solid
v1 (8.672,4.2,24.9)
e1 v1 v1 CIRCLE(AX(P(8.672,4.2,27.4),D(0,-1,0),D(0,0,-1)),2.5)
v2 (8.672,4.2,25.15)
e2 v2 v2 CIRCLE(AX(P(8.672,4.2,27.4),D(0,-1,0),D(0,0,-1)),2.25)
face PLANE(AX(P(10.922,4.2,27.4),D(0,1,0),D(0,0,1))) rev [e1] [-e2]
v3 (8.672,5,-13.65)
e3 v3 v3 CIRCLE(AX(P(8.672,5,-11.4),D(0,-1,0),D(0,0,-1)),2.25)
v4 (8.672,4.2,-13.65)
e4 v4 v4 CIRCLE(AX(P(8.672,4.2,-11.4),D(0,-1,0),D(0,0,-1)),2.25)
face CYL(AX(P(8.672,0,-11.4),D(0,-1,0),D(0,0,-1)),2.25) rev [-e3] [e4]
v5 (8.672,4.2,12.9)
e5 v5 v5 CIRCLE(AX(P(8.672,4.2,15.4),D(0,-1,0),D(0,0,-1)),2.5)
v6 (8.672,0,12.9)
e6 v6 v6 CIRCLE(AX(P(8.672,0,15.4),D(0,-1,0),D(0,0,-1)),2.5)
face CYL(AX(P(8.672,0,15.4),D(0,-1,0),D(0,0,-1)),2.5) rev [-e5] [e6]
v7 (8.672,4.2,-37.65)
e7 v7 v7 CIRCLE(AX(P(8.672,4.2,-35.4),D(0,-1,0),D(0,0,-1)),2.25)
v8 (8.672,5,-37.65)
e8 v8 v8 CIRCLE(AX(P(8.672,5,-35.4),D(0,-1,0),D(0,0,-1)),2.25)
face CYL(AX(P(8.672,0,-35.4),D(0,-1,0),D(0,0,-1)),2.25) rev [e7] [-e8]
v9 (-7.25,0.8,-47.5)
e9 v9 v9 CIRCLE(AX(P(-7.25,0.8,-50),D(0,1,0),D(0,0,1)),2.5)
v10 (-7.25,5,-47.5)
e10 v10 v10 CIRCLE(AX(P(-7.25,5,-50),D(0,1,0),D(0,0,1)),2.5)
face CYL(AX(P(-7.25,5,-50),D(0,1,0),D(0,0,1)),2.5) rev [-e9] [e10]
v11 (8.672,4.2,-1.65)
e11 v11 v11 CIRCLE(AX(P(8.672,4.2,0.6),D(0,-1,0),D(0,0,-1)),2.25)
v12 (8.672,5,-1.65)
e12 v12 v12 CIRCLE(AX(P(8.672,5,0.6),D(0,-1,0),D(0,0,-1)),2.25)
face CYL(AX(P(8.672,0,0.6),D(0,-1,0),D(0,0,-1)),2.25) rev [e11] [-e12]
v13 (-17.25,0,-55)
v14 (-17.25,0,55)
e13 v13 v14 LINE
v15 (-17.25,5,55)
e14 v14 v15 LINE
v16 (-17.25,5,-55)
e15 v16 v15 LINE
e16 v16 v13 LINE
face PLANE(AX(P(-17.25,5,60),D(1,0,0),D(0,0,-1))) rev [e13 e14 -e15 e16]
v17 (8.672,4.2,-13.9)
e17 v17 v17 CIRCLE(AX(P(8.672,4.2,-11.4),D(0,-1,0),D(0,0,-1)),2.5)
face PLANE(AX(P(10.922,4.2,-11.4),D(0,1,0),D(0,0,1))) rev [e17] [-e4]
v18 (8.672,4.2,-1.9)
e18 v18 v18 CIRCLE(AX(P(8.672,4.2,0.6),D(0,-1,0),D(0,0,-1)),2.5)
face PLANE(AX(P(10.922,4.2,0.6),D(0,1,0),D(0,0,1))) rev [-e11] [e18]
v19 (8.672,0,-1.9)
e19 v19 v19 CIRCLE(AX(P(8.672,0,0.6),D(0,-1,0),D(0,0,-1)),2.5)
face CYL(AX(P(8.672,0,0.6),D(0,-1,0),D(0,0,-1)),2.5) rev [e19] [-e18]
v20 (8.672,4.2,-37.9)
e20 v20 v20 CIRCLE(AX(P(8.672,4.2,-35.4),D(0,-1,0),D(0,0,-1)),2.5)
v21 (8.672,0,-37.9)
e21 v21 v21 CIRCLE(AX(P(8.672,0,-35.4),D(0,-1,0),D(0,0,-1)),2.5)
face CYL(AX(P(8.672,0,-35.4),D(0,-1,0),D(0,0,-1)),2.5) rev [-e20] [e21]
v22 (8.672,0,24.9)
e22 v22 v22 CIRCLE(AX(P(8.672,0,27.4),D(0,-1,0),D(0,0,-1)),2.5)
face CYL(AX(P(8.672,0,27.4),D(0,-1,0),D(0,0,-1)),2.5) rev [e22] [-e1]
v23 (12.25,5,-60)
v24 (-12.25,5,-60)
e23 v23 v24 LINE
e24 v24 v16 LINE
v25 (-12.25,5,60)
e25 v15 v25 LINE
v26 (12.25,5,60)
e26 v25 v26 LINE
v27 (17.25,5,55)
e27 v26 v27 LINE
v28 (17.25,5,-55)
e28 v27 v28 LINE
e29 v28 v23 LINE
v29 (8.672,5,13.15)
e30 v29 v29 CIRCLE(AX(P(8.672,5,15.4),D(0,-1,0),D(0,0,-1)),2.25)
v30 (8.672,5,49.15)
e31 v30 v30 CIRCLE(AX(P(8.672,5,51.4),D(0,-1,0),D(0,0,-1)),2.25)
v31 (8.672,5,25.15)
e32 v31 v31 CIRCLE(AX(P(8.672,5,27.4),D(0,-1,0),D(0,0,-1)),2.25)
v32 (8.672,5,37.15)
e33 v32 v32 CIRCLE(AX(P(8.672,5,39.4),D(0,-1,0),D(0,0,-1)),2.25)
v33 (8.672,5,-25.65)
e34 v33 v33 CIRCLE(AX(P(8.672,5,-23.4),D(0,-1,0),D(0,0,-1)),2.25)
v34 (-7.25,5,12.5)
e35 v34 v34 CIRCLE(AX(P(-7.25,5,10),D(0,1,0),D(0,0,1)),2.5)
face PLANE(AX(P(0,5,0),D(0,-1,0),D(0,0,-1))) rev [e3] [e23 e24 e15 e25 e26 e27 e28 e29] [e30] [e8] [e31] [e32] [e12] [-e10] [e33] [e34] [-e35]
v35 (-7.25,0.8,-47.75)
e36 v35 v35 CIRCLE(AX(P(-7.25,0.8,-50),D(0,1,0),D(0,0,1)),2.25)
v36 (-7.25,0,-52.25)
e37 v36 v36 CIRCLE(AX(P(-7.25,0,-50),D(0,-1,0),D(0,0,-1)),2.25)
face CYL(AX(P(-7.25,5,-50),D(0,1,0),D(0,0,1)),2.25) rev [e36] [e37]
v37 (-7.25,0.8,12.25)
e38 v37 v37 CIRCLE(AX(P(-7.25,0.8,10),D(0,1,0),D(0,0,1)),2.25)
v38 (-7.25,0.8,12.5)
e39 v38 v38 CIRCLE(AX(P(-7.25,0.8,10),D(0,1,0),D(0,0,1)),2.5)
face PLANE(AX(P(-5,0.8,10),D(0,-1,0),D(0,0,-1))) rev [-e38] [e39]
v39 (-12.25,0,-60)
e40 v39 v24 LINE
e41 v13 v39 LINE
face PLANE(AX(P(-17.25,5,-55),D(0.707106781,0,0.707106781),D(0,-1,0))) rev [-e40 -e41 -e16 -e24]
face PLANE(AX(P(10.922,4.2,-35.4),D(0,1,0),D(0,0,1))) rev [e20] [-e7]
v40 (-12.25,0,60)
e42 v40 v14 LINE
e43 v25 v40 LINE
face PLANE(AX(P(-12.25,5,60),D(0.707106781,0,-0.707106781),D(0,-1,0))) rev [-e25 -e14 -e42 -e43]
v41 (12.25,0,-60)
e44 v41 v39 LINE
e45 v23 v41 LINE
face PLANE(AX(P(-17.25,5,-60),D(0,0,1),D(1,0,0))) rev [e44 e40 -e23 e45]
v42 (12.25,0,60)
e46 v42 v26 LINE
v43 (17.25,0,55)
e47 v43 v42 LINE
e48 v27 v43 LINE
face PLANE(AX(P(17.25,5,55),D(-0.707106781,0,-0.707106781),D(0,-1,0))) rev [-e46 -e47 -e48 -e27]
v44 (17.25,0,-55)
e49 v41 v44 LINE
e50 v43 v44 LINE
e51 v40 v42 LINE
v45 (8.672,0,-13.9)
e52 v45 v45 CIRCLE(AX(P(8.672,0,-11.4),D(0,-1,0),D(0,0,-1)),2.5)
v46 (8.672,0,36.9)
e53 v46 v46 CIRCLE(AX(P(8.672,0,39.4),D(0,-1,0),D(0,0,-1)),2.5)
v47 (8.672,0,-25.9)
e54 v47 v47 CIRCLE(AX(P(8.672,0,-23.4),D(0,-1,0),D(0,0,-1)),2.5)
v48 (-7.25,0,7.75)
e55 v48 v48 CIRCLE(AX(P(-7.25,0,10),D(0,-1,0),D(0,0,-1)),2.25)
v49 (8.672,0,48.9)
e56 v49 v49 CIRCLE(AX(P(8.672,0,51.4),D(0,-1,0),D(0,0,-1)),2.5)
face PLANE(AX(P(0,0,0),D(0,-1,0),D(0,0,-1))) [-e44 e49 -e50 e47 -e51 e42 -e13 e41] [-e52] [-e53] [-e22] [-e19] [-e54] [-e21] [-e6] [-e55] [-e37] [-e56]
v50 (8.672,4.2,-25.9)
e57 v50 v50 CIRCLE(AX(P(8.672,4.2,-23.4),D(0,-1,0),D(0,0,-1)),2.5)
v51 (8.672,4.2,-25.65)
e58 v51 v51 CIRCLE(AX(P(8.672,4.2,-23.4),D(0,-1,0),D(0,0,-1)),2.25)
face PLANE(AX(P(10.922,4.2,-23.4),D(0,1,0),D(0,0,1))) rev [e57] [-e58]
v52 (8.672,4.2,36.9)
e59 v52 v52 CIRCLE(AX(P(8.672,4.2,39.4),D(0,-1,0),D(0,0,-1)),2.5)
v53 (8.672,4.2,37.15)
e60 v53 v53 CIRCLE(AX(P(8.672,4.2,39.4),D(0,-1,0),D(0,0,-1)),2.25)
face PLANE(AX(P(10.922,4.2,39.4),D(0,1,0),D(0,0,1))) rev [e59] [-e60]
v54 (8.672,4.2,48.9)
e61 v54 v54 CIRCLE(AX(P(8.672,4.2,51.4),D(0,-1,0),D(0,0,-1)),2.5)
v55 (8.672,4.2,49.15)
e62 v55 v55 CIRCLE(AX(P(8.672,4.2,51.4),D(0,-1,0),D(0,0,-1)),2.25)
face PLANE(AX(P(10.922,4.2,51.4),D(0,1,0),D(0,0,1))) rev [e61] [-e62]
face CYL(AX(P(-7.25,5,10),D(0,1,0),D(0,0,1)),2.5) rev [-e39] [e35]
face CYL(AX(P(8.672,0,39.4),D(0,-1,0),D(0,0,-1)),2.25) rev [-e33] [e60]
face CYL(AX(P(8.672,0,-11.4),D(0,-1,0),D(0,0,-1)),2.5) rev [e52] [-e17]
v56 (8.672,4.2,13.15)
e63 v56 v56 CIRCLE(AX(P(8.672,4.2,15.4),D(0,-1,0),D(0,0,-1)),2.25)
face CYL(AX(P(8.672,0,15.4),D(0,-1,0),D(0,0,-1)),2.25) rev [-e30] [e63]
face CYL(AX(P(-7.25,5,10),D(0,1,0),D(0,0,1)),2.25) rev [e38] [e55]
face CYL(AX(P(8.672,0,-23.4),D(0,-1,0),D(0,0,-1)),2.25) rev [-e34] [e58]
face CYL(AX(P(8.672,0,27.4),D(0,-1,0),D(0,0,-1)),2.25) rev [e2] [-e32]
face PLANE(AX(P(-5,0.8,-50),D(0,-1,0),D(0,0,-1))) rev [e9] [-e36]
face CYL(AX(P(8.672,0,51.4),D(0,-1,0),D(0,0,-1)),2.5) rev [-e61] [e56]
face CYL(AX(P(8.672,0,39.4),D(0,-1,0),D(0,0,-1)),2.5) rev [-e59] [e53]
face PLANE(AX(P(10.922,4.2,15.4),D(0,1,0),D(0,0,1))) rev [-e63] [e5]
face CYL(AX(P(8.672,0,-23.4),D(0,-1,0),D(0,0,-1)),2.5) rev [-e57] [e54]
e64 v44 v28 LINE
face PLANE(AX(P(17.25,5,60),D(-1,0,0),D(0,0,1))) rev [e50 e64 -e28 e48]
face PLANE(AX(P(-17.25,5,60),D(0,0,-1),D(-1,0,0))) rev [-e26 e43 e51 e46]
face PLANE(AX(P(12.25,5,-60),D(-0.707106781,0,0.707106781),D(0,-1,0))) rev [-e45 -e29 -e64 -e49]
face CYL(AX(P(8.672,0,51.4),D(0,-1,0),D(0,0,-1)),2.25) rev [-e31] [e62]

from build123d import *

# Parameters (mm, degrees)
SKETCH1_W                                        = 34.5
SKETCH1_H                                        = 120
BOSS_EXTRUDE1_DEPTH                              = 5
CBORE_FOR_M4_HEX_HEAD_MACHINE_SCREW2_D           = 4.5
CBORE_FOR_M4_HEX_HEAD_MACHINE_SCREW2_DEPTH       = 12
CBORE_FOR_M4_HEX_HEAD_MACHINE_SCREW2_CBORE_D     = 5
CBORE_FOR_M4_HEX_HEAD_MACHINE_SCREW2_CBORE_DEPTH = 4.2
CBORE_FOR_M4_HEX_HEAD_MACHINE_SCREW2_TIP         = 1.351936393
CBORE_FOR_M4_HEX_HEAD_MACHINE_SCREW3_AT_COUNT    = 2
CBORE_FOR_M4_HEX_HEAD_MACHINE_SCREW3_AT_PITCH    = 50.8
LPATTERN1_COUNT                                  = 4
LPATTERN1_PITCH                                  = 12
CHAMFER1_SIZE                                    = 5


with BuildPart() as part:
    # Sketch1 → Boss-Extrude1 (new body)
    with BuildSketch(Plane(origin=(0, 0, 0), x_dir=(1, 0, 0), z_dir=(0, 1, 0))):
        Rectangle(SKETCH1_W, SKETCH1_H)
    extrude(amount=BOSS_EXTRUDE1_DEPTH)

    # CBORE for M4 Hex Head Machine Screw2
    with Locations(Plane(origin=(0, 5, 0), x_dir=(1, 0, 0), z_dir=(0, 1, 0))):
        with Locations((-7.25, 50), (-7.25, -10)):
            CounterBoreHole(CBORE_FOR_M4_HEX_HEAD_MACHINE_SCREW2_D / 2, CBORE_FOR_M4_HEX_HEAD_MACHINE_SCREW2_CBORE_D / 2, CBORE_FOR_M4_HEX_HEAD_MACHINE_SCREW2_CBORE_DEPTH, depth=CBORE_FOR_M4_HEX_HEAD_MACHINE_SCREW2_DEPTH)
            with Locations((0, 0, -(CBORE_FOR_M4_HEX_HEAD_MACHINE_SCREW2_DEPTH + CBORE_FOR_M4_HEX_HEAD_MACHINE_SCREW2_TIP / 2))):  # 118° drill point
                Cone(0, CBORE_FOR_M4_HEX_HEAD_MACHINE_SCREW2_D / 2, CBORE_FOR_M4_HEX_HEAD_MACHINE_SCREW2_TIP, mode=Mode.SUBTRACT)

    # Sketch6 → CBORE for M4 Hex Head Machine Screw3 (revolve, cut)
    with BuildSketch(Plane(origin=(8.672, 0, -35.4), x_dir=(0, 0, -1), z_dir=(1, 0, 0))):
        Polygon((0, 0), (0, 13.351936393), (2.25, 12), (2.25, 4.2), (2.5, 4.2), (2.5, 0), align=None)
    cbore_for_m4_hex_head_machine_screw3 = revolve(axis=Axis((8.672, -6.35, -35.4), (0, 1, 0)), mode=Mode.SUBTRACT)

    # CBORE for M4 Hex Head Machine Screw3 at: CBORE for M4 Hex Head Machine Screw3 ×2
    with Locations(*[(0, 0, i * CBORE_FOR_M4_HEX_HEAD_MACHINE_SCREW3_AT_PITCH) for i in range(1, CBORE_FOR_M4_HEX_HEAD_MACHINE_SCREW3_AT_COUNT)]):
        add(cbore_for_m4_hex_head_machine_screw3, mode=Mode.SUBTRACT)

    # LPattern1: CBORE for M4 Hex Head Machine Screw3 ×4
    with Locations(*[(0, 0, i * LPATTERN1_PITCH) for i in range(1, LPATTERN1_COUNT)]):
        add(cbore_for_m4_hex_head_machine_screw3, mode=Mode.SUBTRACT)

    # LPattern1 copy 1 sketch → LPattern1 copy 1 (revolve, cut)
    with BuildSketch(Plane(origin=(8.672, 0, 27.4), x_dir=(0, 0, -1), z_dir=(1, 0, 0))):
        Polygon((0, 0), (0, 13.351936393), (2.25, 12), (2.25, 4.2), (2.5, 4.2), (2.5, 0), align=None)
    revolve(axis=Axis((8.672, -6.35, 27.4), (0, 1, 0)), mode=Mode.SUBTRACT)

    # LPattern1 copy 2 sketch → LPattern1 copy 2 (revolve, cut)
    with BuildSketch(Plane(origin=(8.672, 0, 39.4), x_dir=(0, 0, -1), z_dir=(1, 0, 0))):
        Polygon((0, 0), (0, 13.351936393), (2.25, 12), (2.25, 4.2), (2.5, 4.2), (2.5, 0), align=None)
    revolve(axis=Axis((8.672, -6.35, 39.4), (0, 1, 0)), mode=Mode.SUBTRACT)

    # LPattern1 copy 3 sketch → LPattern1 copy 3 (revolve, cut)
    with BuildSketch(Plane(origin=(8.672, 0, 51.4), x_dir=(0, 0, -1), z_dir=(1, 0, 0))):
        Polygon((0, 0), (0, 13.351936393), (2.25, 12), (2.25, 4.2), (2.5, 4.2), (2.5, 0), align=None)
    revolve(axis=Axis((8.672, -6.35, 51.4), (0, 1, 0)), mode=Mode.SUBTRACT)

    # Chamfer1
    chamfer1_edges = [part.edges().sort_by_distance(p)[0] for p in [
        (17.25, 2.5, 60),
        (-17.25, 2.5, 60),
        (-17.25, 2.5, -60),
        (17.25, 2.5, -60),
    ]]
    chamfer(chamfer1_edges, length=CHAMFER1_SIZE)


solid = part.part
